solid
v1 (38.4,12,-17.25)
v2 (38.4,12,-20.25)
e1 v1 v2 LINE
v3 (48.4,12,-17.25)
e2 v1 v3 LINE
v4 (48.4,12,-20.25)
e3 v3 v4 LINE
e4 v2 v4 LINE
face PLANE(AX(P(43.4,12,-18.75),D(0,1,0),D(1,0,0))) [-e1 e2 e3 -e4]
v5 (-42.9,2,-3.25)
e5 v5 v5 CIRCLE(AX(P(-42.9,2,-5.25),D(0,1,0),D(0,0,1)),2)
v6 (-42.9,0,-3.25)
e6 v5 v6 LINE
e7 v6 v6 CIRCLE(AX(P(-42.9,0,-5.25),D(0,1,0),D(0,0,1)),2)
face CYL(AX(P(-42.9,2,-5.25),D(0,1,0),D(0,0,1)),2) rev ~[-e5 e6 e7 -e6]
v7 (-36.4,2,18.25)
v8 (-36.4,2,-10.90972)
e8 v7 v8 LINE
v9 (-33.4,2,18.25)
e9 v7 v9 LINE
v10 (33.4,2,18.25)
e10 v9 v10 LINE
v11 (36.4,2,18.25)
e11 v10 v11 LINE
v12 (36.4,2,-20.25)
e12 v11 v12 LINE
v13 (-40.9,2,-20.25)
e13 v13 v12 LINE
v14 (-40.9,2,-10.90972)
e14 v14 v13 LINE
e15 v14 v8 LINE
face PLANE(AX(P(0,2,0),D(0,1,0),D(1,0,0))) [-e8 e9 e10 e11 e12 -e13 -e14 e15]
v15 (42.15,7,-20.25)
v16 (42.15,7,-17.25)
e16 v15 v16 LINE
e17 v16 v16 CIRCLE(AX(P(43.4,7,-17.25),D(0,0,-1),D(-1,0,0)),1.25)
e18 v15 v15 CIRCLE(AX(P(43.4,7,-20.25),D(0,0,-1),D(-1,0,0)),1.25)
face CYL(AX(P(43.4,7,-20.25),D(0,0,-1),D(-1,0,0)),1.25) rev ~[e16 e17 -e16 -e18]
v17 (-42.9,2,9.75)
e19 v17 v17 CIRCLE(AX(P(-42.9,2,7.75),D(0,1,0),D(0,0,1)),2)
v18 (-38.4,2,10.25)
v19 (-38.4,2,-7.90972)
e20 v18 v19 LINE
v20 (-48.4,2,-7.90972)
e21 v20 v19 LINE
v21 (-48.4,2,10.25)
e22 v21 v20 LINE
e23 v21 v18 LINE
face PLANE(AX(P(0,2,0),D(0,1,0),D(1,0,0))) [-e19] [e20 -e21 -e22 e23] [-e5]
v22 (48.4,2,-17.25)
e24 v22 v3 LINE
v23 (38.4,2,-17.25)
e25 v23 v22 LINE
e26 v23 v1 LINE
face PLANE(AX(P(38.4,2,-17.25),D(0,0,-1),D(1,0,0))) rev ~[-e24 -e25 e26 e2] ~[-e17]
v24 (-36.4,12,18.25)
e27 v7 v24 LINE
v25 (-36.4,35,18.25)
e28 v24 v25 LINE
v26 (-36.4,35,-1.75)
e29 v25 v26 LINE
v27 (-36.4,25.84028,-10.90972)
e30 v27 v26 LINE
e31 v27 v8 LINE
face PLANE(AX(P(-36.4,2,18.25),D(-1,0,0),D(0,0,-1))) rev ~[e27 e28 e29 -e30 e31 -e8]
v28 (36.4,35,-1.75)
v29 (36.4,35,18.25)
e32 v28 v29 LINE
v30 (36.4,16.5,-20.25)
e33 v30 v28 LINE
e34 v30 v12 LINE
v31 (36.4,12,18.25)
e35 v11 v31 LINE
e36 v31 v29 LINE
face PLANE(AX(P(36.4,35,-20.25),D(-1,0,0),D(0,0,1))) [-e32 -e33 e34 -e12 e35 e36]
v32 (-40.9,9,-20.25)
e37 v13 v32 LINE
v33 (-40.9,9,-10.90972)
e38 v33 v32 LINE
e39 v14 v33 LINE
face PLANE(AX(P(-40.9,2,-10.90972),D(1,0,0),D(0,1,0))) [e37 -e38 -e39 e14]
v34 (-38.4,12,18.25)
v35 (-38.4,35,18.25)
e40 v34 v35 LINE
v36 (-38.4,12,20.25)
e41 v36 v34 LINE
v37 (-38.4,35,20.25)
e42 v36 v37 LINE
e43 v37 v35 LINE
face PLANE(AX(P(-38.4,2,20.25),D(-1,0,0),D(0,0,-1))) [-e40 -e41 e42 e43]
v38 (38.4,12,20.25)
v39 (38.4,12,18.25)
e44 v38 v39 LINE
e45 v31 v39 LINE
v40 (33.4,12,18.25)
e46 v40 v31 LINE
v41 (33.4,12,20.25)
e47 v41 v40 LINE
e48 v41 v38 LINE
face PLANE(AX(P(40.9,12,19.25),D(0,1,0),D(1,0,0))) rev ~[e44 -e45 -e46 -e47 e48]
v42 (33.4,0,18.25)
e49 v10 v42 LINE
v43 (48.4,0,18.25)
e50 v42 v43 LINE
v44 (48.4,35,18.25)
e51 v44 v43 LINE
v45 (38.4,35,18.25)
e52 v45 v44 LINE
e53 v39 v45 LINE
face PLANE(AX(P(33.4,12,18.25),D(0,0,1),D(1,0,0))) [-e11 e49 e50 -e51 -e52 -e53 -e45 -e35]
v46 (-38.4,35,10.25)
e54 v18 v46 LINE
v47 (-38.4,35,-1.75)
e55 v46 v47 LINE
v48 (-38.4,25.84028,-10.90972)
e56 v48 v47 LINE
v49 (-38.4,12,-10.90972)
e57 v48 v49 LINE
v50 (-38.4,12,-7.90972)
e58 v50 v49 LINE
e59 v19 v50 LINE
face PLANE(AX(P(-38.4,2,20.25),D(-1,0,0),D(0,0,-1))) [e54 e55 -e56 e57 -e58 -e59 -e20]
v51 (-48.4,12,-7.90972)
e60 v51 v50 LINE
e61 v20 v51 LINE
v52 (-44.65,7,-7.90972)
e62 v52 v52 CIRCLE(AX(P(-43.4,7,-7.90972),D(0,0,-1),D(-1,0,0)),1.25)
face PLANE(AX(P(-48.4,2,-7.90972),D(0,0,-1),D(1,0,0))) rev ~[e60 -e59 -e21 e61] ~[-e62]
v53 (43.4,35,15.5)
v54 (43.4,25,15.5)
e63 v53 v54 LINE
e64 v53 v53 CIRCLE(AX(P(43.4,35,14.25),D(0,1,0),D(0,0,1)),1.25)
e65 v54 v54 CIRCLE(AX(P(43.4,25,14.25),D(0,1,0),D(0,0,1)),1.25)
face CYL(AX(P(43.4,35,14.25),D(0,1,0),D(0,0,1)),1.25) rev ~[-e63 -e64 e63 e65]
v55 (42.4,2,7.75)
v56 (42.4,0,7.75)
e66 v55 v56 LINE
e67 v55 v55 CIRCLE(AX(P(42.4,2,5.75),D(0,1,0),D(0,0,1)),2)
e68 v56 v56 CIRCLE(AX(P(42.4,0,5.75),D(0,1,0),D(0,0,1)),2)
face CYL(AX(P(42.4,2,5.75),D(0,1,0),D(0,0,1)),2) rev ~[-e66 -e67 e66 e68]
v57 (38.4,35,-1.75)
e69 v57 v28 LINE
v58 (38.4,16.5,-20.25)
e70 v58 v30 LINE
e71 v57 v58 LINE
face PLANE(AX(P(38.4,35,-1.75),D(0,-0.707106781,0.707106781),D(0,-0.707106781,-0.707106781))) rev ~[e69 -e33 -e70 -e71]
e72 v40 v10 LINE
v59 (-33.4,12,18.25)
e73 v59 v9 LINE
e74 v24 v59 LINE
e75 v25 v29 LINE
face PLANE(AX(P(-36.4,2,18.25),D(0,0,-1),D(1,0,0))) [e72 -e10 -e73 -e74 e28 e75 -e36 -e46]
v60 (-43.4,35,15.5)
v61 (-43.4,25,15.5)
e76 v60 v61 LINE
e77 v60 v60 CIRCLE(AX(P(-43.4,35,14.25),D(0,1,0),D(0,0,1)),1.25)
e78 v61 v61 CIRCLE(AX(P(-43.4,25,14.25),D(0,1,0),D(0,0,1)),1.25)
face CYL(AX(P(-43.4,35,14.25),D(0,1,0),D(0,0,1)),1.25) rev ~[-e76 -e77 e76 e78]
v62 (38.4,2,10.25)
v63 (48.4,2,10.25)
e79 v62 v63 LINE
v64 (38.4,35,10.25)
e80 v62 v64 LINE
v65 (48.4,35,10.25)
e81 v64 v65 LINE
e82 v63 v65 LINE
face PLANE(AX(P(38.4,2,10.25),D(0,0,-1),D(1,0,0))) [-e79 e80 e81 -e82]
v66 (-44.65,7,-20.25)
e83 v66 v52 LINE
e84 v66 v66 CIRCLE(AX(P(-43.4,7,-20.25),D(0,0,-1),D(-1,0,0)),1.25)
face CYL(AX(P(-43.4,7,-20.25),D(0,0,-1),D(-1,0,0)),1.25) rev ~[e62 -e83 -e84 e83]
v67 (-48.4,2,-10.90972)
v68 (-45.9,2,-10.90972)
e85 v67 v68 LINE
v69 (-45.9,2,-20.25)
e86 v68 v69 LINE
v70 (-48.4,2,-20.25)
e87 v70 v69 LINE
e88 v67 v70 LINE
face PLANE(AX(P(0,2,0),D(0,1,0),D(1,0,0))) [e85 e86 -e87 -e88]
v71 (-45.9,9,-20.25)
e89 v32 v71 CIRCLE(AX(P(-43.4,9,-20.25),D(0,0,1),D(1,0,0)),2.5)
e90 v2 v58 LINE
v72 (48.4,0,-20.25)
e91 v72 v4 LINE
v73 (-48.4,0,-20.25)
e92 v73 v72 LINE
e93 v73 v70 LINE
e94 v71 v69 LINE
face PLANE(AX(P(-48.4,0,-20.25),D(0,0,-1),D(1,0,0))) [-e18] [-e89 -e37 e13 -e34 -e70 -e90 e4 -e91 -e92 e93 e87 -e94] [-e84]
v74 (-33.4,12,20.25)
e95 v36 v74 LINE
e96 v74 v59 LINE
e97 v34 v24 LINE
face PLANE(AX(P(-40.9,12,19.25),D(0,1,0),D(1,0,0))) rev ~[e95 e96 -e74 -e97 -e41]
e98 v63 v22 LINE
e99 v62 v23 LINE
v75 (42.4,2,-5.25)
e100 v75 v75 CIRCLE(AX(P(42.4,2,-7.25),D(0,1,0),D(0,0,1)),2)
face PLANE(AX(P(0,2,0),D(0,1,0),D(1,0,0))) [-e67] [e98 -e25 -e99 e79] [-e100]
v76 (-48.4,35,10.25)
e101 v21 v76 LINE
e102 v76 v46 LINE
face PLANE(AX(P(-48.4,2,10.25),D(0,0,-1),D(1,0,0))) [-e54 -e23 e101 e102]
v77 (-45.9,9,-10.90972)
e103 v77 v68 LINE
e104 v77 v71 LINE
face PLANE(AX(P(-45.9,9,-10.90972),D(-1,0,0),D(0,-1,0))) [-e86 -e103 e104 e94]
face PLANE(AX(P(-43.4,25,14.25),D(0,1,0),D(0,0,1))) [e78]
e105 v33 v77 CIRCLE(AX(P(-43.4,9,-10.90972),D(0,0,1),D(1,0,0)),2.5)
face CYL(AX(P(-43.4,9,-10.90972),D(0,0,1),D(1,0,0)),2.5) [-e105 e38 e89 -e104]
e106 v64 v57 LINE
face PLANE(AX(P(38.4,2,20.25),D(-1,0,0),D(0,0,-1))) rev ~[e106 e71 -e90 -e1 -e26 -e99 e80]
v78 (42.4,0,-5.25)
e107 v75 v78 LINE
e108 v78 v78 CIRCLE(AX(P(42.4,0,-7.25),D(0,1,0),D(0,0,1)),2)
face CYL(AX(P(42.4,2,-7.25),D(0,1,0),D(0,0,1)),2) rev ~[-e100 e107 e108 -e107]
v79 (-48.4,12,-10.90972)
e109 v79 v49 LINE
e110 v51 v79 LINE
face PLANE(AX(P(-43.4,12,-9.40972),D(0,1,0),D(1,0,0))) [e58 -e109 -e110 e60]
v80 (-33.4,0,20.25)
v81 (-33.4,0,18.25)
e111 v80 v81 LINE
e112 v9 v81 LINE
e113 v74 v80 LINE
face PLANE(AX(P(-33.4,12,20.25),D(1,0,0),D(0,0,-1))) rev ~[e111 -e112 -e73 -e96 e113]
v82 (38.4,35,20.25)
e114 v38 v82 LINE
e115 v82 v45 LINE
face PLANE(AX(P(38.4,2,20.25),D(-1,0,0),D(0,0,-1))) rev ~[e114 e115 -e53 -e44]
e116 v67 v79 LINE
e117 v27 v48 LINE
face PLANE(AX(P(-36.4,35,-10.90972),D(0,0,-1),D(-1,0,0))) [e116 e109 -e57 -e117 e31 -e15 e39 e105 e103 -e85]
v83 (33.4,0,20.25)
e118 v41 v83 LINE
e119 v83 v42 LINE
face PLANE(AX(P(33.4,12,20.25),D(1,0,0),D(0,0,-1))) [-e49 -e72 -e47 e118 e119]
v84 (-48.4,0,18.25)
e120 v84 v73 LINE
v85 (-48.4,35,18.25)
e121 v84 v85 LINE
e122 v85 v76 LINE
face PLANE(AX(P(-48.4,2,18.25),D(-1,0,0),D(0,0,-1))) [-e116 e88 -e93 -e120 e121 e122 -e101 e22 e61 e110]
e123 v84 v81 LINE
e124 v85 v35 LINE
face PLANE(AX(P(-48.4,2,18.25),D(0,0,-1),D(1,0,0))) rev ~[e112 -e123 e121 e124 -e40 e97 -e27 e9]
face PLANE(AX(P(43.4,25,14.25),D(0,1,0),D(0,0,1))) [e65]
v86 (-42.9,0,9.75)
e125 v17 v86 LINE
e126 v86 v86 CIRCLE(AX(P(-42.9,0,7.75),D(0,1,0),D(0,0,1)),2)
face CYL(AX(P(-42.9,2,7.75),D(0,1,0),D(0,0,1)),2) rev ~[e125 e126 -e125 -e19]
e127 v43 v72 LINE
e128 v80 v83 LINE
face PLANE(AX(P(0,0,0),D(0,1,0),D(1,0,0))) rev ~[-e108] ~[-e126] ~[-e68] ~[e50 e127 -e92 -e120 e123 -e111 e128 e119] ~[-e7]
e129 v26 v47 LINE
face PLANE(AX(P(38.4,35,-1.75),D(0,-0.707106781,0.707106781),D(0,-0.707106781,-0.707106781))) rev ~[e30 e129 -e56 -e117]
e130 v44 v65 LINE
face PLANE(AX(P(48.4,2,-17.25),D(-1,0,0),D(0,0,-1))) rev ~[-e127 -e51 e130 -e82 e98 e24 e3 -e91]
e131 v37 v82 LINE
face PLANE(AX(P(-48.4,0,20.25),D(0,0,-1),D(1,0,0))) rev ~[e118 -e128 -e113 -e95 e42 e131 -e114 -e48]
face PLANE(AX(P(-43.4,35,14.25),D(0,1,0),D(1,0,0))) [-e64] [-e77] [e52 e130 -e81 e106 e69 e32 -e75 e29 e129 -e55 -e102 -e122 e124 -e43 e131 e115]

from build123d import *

# Parameters (mm, degrees)
CROQUIS1_W              = 96.8
CROQUIS1_H              = 40.5
SALIENTE_EXTRUIR1_DEPTH = 2
CROQUIS4_W              = 76.8
CROQUIS4_H              = 40.5
CROQUIS4_W_2            = 72.8
CROQUIS4_H_2            = 36.5
SALIENTE_EXTRUIR6_DEPTH = 33
CORTAR_EXTRUIR2_START   = 10
CROQUIS2_W              = 15
CROQUIS2_H              = 2
CORTAR_EXTRUIR2_DEPTH   = 12
CORTAR_EXTRUIR4_DEPTH   = 33
CORTAR_EXTRUIR5_DEPTH   = 96.756474977
CROQUIS7_R              = 2
CORTAR_EXTRUIR6_DEPTH   = 12
CROQUIS8_W              = 10
CROQUIS8_H              = 3
SALIENTE_EXTRUIR7_DEPTH = 10
SALIENTE_EXTRUIR9_DEPTH = 9.340280327
CROQUIS9_W              = 10
CROQUIS9_H              = 8
SALIENTE_EXTRUIR8_DEPTH = 33
CROQUIS10_R             = 1.25
CORTAR_EXTRUIR7_DEPTH   = 10
CORTAR_EXTRUIR8_REACH   = 74.165
CROQUIS11_R             = 1.25


with BuildPart() as part:
    # Croquis1 → Saliente-Extruir1 (new body)
    with BuildSketch(Plane(origin=(0, 0, 0), x_dir=(1, 0, 0), z_dir=(0, 1, 0))):
        Rectangle(CROQUIS1_W, CROQUIS1_H)
    extrude(amount=SALIENTE_EXTRUIR1_DEPTH)

    # Croquis4 → Saliente-Extruir6 (add)
    with BuildSketch(Plane(origin=(0, 2, 0), x_dir=(1, 0, 0), z_dir=(0, 1, 0))):
        Rectangle(CROQUIS4_W, CROQUIS4_H)
        Rectangle(CROQUIS4_W_2, CROQUIS4_H_2, mode=Mode.SUBTRACT)
    extrude(amount=SALIENTE_EXTRUIR6_DEPTH)

    # Croquis2 → Cortar-Extruir2 (cut)
    with BuildSketch(Plane(origin=(0, 2, 0), x_dir=(1, 0, 0), z_dir=(0, 1, 0)).offset(CORTAR_EXTRUIR2_START)):
        with Locations((-40.9, -19.25)):
            Rectangle(CROQUIS2_W, CROQUIS2_H)
        with Locations((40.9, -19.25)):
            Rectangle(CROQUIS2_W, CROQUIS2_H)
    extrude(amount=-CORTAR_EXTRUIR2_DEPTH, mode=Mode.SUBTRACT)

    # Croquis6 → Cortar-Extruir4 (cut)
    with BuildSketch(Plane(origin=(0, 35, 0), x_dir=(1, 0, 0), z_dir=(0, 1, 0))):
        Polygon((36.4, 18.25), (-36.4, 18.25), (-36.4, 10.909719673), (-38.4, 10.909719673), (-38.4, 20.25), (36.4, 20.25), align=None)
    extrude(amount=-CORTAR_EXTRUIR4_DEPTH, mode=Mode.SUBTRACT)

    # Croquis5 → Cortar-Extruir5 (cut, through all)
    with BuildSketch(Plane(origin=(38.4, 0, 0), x_dir=(0, 0, -1), z_dir=(1, 0, 0))):
        Polygon((1.75, 35), (20.25, 16.5), (20.25, 35), align=None)
    extrude(amount=-CORTAR_EXTRUIR5_DEPTH, mode=Mode.SUBTRACT)

    # Croquis7 → Cortar-Extruir6 (cut)
    with BuildSketch(Plane(origin=(0, 2, 0), x_dir=(1, 0, 0), z_dir=(0, 1, 0))):
        with Locations(Location((42.4, 7.25, 0), (0, 0, 270))):
            Circle(CROQUIS7_R)
        with Locations(Location((42.4, -5.75, 0), (0, 0, 270))):
            Circle(CROQUIS7_R)
        with Locations(Location((-42.9, 5.25, 0), (0, 0, 270))):
            Circle(CROQUIS7_R)
        with Locations(Location((-42.9, -7.75, 0), (0, 0, 270))):
            Circle(CROQUIS7_R)
    extrude(amount=-CORTAR_EXTRUIR6_DEPTH, mode=Mode.SUBTRACT)

    # Croquis8 → Saliente-Extruir7 (add)
    with BuildSketch(Plane(origin=(0, 2, 0), x_dir=(1, 0, 0), z_dir=(0, 1, 0))):
        with Locations((43.4, 18.75)):
            Rectangle(CROQUIS8_W, CROQUIS8_H)
        with Locations((-43.4, 9.409719673)):
            Rectangle(CROQUIS8_W, CROQUIS8_H)
    extrude(amount=SALIENTE_EXTRUIR7_DEPTH)

    # Croquis13 → Saliente-Extruir9 (add)
    with BuildSketch(Plane(origin=(0, 0, -10.909719673), x_dir=(-1, 0, 0), z_dir=(0, 0, -1))):
        with BuildLine():
            Line((45.9, 2), (40.9, 2))
            Line((40.9, 2), (40.9, 9))
            ThreePointArc((40.9, 9), (43.4, 11.5), (45.9, 9))
            Line((45.9, 9), (45.9, 2))
        make_face()
    extrude(amount=SALIENTE_EXTRUIR9_DEPTH)

    # Croquis9 → Saliente-Extruir8 (add)
    with BuildSketch(Plane(origin=(0, 2, 0), x_dir=(1, 0, 0), z_dir=(0, 1, 0))):
        with Locations((-43.4, -14.25)):
            Rectangle(CROQUIS9_W, CROQUIS9_H)
        with Locations((43.4, -14.25)):
            Rectangle(CROQUIS9_W, CROQUIS9_H)
    extrude(amount=SALIENTE_EXTRUIR8_DEPTH)

    # Croquis10 → Cortar-Extruir7 (cut)
    with BuildSketch(Plane(origin=(0, 35, 0), x_dir=(1, 0, 0), z_dir=(0, 1, 0))):
        with Locations(Location((-43.4, -14.25, 0), (0, 0, 270))):
            Circle(CROQUIS10_R)
        with Locations(Location((43.4, -14.25, 0), (0, 0, 270))):
            Circle(CROQUIS10_R)
    extrude(amount=-CORTAR_EXTRUIR7_DEPTH, mode=Mode.SUBTRACT)

    # Cortar-Extruir8: up to this face of the body (flat: up to its plane)
    cortar_extruir8_end = Plane(part.part.faces().sort_by_distance((-43.4, 7, -7.909719673))[0])
    # Croquis11 → Cortar-Extruir8 (cut, up to the picked face)
    with BuildSketch(Plane(origin=(0, 0, -20.25), x_dir=(-1, 0, 0), z_dir=(0, 0, -1)), mode=Mode.PRIVATE) as cortar_extruir8_sk1:
        with Locations((-43.4, 7)):
            Circle(CROQUIS11_R)
    cortar_extruir8_tool1 = split(extrude(cortar_extruir8_sk1.sketch, amount=-CORTAR_EXTRUIR8_REACH, mode=Mode.PRIVATE), bisect_by=cortar_extruir8_end, keep=Keep.BOTH, mode=Mode.PRIVATE)
    # Croquis11 → Cortar-Extruir8 (cut, up to the picked face)
    with BuildSketch(Plane(origin=(0, 0, -20.25), x_dir=(-1, 0, 0), z_dir=(0, 0, -1)), mode=Mode.PRIVATE) as cortar_extruir8_sk2:
        with Locations((43.4, 7)):
            Circle(CROQUIS11_R)
    cortar_extruir8_tool2 = split(extrude(cortar_extruir8_sk2.sketch, amount=-CORTAR_EXTRUIR8_REACH, mode=Mode.PRIVATE), bisect_by=cortar_extruir8_end, keep=Keep.BOTH, mode=Mode.PRIVATE)
    add(cortar_extruir8_tool1.solids().sort_by(Axis((43.4, 7, -20.25), (0, 0, 1)))[0], mode=Mode.SUBTRACT)
    add(cortar_extruir8_tool2.solids().sort_by(Axis((-43.4, 7, -20.25), (0, 0, 1)))[0], mode=Mode.SUBTRACT)


solid = part.part
